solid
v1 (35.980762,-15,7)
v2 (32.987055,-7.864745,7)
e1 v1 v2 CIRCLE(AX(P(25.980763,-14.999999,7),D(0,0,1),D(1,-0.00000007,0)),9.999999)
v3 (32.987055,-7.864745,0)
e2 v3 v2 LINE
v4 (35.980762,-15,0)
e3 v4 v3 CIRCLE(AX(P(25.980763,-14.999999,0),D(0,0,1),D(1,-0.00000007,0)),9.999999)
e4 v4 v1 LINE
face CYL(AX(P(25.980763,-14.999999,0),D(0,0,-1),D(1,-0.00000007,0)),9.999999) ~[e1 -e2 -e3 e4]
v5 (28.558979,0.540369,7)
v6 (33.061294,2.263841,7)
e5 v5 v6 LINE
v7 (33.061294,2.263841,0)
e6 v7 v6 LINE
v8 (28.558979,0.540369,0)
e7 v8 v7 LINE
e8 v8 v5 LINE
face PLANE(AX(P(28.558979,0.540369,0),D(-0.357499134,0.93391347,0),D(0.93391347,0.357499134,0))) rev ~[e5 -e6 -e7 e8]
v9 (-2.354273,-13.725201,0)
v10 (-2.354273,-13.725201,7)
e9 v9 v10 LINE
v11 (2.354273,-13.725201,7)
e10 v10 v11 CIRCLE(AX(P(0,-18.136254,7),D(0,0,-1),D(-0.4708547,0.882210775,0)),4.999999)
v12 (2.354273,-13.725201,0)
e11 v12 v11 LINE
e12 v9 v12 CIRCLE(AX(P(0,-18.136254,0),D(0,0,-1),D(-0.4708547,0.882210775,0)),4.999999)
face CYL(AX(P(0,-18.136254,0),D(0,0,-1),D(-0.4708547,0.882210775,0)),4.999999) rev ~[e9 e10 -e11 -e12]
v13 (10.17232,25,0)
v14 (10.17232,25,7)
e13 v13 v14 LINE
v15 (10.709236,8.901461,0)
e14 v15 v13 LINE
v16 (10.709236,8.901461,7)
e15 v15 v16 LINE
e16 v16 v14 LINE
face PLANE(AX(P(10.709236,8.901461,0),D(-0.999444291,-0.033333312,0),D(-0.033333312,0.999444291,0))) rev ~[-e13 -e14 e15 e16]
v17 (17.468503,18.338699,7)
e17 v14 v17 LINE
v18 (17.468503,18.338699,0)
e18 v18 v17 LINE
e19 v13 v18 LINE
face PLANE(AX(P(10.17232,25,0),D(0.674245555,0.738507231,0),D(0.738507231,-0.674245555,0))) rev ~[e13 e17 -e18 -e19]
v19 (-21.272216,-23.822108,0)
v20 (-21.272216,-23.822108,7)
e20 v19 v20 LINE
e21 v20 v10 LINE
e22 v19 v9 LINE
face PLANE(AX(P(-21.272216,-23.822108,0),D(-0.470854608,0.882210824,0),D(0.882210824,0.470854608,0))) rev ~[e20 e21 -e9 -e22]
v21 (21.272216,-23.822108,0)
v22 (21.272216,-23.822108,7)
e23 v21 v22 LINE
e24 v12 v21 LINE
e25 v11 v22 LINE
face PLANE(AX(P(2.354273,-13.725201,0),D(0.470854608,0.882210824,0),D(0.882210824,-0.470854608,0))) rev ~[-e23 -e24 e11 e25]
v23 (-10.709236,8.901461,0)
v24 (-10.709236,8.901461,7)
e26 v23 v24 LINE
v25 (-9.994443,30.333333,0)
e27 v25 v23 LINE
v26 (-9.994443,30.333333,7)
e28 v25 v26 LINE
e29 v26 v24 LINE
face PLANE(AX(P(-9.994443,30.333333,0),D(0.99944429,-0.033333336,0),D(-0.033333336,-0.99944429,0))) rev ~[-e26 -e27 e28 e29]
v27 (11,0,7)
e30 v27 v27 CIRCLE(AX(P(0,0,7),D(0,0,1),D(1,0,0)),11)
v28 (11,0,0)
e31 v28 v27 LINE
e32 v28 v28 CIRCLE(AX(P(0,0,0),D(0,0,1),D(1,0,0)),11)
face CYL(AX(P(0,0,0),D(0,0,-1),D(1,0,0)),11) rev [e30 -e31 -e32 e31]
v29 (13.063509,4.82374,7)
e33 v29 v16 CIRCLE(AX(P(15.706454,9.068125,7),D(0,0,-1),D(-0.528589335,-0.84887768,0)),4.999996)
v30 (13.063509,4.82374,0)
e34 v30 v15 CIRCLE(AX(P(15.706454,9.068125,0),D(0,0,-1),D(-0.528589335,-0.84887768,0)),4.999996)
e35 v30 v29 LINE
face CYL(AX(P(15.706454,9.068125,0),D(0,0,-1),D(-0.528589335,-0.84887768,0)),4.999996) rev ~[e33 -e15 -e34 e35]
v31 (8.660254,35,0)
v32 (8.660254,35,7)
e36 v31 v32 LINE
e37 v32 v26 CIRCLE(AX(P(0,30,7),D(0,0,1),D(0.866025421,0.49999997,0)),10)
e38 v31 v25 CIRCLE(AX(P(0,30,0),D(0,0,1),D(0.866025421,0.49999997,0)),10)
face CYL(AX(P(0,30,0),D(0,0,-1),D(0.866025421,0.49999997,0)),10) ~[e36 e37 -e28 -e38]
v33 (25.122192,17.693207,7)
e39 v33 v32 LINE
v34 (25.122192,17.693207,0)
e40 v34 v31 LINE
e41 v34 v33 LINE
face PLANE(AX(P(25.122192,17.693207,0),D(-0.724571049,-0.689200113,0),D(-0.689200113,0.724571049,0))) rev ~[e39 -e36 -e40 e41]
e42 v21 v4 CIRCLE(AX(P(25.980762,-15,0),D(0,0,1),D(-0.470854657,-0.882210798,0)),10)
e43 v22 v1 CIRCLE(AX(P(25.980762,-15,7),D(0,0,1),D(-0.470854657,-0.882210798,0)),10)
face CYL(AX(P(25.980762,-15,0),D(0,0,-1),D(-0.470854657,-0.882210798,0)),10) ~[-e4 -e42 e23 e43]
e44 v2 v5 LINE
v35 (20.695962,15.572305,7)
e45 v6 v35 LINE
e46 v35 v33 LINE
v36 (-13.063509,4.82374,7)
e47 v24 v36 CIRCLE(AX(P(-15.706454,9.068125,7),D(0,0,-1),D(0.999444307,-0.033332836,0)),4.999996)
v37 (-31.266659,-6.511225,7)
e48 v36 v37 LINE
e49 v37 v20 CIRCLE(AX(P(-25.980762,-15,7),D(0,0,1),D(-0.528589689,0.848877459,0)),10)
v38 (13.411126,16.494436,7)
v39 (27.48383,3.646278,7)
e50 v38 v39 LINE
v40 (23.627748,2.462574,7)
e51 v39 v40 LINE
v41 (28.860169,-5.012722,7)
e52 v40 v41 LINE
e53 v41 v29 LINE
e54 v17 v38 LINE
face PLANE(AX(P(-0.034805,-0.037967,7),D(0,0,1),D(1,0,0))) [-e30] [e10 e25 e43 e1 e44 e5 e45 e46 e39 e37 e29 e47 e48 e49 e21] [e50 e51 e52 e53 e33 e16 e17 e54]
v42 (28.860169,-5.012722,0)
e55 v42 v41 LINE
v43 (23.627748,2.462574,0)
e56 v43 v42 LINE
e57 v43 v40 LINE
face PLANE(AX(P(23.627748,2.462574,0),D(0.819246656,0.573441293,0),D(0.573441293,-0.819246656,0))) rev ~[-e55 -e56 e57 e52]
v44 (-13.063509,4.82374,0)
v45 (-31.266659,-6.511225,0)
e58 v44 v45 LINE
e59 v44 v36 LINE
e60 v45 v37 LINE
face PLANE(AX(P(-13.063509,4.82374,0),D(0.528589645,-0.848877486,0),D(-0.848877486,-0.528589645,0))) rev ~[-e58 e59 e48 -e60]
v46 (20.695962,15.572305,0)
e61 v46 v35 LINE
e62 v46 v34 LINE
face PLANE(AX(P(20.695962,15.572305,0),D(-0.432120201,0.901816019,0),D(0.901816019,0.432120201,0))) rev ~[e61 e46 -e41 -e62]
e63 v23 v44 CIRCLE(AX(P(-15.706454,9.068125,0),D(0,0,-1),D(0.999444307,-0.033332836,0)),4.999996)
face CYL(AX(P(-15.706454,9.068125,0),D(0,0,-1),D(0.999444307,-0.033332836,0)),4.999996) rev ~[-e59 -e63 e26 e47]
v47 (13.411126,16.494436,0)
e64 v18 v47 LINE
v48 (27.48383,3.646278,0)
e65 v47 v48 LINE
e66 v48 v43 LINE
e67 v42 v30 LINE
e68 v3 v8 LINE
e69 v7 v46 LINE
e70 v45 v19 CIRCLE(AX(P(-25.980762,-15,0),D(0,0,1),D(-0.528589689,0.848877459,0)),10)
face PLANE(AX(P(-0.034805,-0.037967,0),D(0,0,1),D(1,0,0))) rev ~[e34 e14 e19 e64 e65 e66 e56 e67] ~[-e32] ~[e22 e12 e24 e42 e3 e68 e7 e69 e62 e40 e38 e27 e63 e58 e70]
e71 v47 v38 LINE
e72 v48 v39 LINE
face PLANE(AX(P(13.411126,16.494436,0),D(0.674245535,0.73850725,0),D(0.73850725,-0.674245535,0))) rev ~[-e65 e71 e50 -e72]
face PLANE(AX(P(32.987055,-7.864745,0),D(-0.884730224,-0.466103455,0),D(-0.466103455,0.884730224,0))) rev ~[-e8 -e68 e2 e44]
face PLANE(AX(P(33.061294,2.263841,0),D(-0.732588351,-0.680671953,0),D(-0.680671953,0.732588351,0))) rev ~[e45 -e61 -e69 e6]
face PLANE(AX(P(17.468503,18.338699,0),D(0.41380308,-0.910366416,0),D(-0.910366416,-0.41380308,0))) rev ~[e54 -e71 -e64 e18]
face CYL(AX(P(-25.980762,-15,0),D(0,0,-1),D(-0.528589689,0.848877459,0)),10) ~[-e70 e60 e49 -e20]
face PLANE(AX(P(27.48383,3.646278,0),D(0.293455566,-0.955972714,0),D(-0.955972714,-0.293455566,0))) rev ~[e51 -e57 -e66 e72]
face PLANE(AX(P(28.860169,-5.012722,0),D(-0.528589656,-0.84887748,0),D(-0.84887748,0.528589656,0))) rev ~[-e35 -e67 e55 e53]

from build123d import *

# Parameters (mm, degrees)
F0_R     = 11
F1_DEPTH = 7


with BuildPart() as f1:
    # F0 (on Top) → F1 (new body)
    with BuildSketch(Plane.XY):
        with BuildLine():
            ThreePointArc((9.994443, 30.333333), (9.998611, 30.16669), (10, 30))
            ThreePointArc((10, 30), (-0.16669, 20.001389), (-9.994443, 30.333333))
            Line((-9.994443, 30.333333), (-10.709236, 8.901461))
            ThreePointArc((-10.709236, 8.901461), (-11.37633, 6.568127), (-13.063509, 4.82374))
            Line((-13.063509, 4.82374), (-31.266659, -6.511225))
            ThreePointArc((-31.266659, -6.511225), (-21.125814, -6.257604), (-15.980762, -15))
            ThreePointArc((-15.980762, -15), (-17.405056, -20.143663), (-21.272216, -23.822108))
            Line((-21.272216, -23.822108), (-2.354273, -13.725201))
            ThreePointArc((-2.354273, -13.725201), (0, -13.136255), (2.354273, -13.725201))
            Line((2.354273, -13.725201), (21.272216, -23.822108))
            ThreePointArc((21.272216, -23.822108), (17.320508, -10), (31.266659, -6.511225))
            Line((31.266659, -6.511225), (28.860169, -5.012722))
            Line((28.860169, -5.012722), (13.063509, 4.82374))
            ThreePointArc((13.063509, 4.82374), (11.37633, 6.568127), (10.709236, 8.901461))
            Line((10.709236, 8.901461), (10.17232, 25))
            Line((10.17232, 25), (9.994443, 30.333333))
        make_face()
        Circle(F0_R, mode=Mode.SUBTRACT)
        with BuildLine():
            ThreePointArc((-9.994443, 30.333333), (-0.16669, 20.001389), (10, 30))
            ThreePointArc((10, 30), (9.998611, 30.16669), (9.994443, 30.333333))
            ThreePointArc((9.994443, 30.333333), (9.614774, 32.748841), (8.660254, 35))
            ThreePointArc((8.660254, 35), (-2.426821, 39.701059), (-9.994443, 30.333333))
        make_face()
        with BuildLine():
            ThreePointArc((-15.980762, -15), (-21.125814, -6.257604), (-31.266659, -6.511225))
            ThreePointArc((-31.266659, -6.511225), (-34.641016, -20), (-21.272216, -23.822108))
            ThreePointArc((-21.272216, -23.822108), (-17.405056, -20.143663), (-15.980762, -15))
        make_face()
        with BuildLine():
            ThreePointArc((32.987055, -7.864745), (32.164004, -7.140769), (31.266659, -6.511225))
            ThreePointArc((31.266659, -6.511225), (17.320508, -10), (21.272216, -23.822108))
            ThreePointArc((21.272216, -23.822108), (31.124425, -23.575706), (35.980762, -15))
            ThreePointArc((35.980762, -15), (35.202013, -11.131081), (32.987055, -7.864745))
        make_face()
        with BuildLine():
            ThreePointArc((8.660254, 35), (9.614774, 32.748841), (9.994443, 30.333333))
            Line((9.994443, 30.333333), (10.17232, 25))
            Line((10.17232, 25), (17.468503, 18.338699))
            Line((17.468503, 18.338699), (13.411126, 16.494436))
            Line((13.411126, 16.494436), (27.48383, 3.646278))
            Line((27.48383, 3.646278), (23.627748, 2.462574))
            Line((23.627748, 2.462574), (28.860169, -5.012722))
            Line((28.860169, -5.012722), (31.266659, -6.511225))
            ThreePointArc((31.266659, -6.511225), (32.164004, -7.140769), (32.987055, -7.864745))
            Line((32.987055, -7.864745), (28.558979, 0.540369))
            Line((28.558979, 0.540369), (33.061294, 2.263841))
            Line((33.061294, 2.263841), (20.695962, 15.572305))
            Line((20.695962, 15.572305), (25.122192, 17.693207))
            Line((25.122192, 17.693207), (8.660254, 35))
        make_face()
    extrude(amount=F1_DEPTH)


solid = f1.part
